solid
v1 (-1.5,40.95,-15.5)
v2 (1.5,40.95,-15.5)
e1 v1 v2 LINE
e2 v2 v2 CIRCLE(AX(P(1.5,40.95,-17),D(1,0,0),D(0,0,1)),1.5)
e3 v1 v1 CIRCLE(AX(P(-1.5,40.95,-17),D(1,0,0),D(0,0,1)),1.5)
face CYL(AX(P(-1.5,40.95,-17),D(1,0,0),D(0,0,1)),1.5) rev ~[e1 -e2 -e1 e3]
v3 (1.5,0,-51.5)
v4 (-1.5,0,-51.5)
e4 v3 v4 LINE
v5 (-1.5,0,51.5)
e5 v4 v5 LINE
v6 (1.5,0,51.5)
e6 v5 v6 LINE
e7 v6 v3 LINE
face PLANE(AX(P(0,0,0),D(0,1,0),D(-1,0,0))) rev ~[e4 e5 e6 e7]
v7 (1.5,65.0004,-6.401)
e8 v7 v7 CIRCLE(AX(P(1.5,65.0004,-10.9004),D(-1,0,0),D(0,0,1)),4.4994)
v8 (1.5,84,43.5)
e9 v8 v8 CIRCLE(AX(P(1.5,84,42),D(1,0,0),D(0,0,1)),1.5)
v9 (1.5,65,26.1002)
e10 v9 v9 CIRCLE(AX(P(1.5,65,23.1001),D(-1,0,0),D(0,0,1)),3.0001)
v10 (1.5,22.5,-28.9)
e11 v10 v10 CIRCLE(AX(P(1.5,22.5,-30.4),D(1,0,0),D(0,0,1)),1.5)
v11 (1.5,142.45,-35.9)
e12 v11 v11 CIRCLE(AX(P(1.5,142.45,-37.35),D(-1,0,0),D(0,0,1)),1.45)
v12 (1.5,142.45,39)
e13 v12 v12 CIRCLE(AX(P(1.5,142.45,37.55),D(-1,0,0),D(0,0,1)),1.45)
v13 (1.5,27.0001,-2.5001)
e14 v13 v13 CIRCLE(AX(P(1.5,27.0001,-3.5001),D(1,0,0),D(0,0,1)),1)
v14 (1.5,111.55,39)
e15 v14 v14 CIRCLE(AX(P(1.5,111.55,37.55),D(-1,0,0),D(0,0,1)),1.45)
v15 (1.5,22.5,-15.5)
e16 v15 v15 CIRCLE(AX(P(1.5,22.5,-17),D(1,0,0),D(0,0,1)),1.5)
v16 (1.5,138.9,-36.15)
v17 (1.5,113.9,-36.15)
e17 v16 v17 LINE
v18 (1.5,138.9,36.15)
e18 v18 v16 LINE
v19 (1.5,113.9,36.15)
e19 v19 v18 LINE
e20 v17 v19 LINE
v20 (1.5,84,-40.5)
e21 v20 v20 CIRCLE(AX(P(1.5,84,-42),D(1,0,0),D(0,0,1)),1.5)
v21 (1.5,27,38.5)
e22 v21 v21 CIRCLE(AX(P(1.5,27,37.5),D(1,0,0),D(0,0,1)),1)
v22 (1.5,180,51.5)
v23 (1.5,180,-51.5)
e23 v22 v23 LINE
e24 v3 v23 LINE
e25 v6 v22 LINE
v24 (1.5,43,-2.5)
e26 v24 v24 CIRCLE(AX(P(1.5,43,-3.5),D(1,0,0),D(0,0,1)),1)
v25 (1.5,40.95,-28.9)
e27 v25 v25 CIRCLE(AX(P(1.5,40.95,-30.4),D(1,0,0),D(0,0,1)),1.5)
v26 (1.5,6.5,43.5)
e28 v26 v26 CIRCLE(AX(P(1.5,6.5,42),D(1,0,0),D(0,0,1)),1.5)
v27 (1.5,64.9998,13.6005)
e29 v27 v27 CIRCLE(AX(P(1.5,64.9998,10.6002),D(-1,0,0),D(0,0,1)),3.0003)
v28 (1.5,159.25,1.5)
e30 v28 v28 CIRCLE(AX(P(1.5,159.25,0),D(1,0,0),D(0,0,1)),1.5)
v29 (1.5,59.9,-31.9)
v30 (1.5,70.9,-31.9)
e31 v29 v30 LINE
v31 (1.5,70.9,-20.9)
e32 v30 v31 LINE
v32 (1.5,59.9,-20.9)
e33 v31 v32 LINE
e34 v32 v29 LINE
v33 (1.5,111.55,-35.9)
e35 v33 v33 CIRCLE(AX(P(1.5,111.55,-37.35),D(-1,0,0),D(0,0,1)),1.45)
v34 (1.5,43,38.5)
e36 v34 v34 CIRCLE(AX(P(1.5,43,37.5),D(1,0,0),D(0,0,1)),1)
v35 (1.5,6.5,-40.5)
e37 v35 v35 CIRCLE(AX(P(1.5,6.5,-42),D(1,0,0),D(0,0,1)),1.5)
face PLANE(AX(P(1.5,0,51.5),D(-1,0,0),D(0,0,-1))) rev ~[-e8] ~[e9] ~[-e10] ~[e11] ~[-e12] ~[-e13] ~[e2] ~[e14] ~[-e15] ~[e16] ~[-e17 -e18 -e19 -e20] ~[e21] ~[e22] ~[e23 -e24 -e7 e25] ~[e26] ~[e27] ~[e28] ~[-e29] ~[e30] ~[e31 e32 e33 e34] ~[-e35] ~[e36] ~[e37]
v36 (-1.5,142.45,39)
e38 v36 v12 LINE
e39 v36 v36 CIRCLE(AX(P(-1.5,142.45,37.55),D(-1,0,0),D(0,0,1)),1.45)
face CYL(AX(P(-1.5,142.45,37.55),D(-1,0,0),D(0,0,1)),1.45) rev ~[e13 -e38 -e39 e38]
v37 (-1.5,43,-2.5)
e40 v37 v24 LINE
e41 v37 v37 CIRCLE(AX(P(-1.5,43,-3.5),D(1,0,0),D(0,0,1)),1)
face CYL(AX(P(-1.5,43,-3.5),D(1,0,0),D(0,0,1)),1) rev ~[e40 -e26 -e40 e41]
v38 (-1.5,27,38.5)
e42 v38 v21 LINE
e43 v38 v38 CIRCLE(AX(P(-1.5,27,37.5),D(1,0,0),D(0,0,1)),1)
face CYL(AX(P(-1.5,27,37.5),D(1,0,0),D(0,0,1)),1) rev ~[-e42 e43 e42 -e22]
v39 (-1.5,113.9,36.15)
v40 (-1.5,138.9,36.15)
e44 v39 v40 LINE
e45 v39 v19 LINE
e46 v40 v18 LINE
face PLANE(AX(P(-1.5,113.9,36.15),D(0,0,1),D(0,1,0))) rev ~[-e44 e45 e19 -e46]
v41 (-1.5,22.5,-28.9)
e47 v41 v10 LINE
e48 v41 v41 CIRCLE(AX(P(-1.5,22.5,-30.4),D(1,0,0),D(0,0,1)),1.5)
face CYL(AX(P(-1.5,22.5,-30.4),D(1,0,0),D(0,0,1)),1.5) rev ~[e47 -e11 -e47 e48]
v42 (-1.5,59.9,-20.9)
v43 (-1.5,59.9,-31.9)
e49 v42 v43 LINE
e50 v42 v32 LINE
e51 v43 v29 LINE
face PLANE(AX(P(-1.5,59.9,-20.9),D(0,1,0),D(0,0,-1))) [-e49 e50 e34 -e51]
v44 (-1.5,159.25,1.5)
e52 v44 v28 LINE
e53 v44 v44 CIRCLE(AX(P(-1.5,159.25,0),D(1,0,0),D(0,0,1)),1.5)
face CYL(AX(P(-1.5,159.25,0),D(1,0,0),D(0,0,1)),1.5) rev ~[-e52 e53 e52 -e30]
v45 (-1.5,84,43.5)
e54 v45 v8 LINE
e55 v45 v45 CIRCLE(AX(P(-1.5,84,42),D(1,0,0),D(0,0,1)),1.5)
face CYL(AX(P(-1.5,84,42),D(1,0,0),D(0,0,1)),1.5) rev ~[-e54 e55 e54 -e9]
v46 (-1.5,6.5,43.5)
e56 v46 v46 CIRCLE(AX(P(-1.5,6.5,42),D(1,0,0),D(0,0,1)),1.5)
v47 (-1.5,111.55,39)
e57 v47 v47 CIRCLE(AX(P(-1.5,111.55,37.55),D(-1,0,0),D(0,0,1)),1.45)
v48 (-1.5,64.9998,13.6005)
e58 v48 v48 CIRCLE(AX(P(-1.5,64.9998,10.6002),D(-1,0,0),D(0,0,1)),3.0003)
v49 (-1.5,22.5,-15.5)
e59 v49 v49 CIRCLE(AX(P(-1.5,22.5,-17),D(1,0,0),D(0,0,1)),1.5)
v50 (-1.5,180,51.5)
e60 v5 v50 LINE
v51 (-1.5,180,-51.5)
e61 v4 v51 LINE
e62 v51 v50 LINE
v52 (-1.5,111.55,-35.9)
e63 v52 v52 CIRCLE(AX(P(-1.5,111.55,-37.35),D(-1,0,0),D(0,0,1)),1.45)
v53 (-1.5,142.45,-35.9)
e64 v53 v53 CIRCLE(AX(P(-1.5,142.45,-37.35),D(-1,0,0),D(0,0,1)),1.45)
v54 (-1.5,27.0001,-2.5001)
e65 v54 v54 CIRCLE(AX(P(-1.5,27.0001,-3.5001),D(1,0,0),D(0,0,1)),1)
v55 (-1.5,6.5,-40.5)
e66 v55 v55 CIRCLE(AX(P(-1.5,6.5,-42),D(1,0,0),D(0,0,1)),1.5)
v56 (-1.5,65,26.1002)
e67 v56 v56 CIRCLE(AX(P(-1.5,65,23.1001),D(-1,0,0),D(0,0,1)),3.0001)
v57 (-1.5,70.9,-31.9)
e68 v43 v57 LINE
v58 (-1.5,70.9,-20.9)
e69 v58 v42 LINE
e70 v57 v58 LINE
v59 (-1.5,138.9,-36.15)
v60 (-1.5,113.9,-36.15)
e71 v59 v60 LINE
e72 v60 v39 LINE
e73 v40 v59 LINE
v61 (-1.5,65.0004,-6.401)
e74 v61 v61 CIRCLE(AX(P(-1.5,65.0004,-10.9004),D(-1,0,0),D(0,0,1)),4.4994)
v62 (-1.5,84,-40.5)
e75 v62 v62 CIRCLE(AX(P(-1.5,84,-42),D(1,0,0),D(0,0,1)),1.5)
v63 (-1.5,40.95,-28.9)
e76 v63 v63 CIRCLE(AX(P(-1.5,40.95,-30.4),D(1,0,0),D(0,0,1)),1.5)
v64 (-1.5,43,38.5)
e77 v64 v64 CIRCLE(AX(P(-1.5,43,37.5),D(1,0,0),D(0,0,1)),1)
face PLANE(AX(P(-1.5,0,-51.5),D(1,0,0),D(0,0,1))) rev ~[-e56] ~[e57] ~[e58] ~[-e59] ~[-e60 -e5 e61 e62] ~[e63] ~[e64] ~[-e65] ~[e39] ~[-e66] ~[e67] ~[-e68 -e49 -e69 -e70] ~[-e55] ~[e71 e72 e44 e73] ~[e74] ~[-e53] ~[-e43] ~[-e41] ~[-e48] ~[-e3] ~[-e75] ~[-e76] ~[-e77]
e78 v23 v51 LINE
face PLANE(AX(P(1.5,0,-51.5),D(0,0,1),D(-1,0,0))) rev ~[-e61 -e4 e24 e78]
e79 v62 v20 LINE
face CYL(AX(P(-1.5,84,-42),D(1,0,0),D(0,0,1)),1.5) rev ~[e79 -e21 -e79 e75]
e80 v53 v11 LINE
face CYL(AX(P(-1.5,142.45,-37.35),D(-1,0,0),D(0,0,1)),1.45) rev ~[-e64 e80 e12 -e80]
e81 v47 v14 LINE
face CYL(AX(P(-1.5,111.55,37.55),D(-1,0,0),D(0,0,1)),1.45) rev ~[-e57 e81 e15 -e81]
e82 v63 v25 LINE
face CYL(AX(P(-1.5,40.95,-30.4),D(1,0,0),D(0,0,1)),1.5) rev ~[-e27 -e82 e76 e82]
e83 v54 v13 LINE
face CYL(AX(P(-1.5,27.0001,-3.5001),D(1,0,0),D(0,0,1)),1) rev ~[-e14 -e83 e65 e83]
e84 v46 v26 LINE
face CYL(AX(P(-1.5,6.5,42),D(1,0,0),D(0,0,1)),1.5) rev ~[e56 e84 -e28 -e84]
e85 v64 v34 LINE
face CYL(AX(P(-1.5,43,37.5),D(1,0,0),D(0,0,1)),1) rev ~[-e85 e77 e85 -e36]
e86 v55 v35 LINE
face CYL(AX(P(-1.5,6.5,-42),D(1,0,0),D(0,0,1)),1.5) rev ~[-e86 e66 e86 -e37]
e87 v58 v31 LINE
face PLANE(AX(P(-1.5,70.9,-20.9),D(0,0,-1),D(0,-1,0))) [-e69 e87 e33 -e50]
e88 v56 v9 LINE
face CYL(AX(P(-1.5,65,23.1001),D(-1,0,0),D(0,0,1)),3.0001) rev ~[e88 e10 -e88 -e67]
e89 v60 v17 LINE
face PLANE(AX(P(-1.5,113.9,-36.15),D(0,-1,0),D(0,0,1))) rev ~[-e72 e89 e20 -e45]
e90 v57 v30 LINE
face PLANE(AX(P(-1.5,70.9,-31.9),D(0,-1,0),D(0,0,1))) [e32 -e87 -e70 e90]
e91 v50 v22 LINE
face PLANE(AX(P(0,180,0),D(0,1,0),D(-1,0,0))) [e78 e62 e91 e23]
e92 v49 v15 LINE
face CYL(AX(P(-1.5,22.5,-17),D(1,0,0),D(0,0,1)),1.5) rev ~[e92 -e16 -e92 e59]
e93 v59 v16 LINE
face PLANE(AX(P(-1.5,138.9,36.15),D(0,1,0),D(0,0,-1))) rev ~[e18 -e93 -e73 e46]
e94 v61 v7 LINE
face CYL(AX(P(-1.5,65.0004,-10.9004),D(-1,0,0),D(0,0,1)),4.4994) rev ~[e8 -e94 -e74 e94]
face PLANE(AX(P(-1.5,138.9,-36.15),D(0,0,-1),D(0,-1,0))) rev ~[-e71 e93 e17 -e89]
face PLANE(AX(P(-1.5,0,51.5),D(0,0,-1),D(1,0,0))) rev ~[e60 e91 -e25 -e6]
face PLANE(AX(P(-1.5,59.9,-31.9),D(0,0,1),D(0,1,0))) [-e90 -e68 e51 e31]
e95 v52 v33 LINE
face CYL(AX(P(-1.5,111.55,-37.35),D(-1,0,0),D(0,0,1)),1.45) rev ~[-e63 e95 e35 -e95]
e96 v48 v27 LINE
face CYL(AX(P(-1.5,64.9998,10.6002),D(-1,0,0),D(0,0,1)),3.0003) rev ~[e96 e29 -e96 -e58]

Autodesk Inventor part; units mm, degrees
ref_plane "YZ Plane" through (0, 0, 0) normal (1, 0, 0) x (0, 1, 0)
ref_plane "XZ Plane" through (0, 0, 0) normal (0, 1, 0) x (-1, 0, 0)
ref_plane "XY Plane" through (0, 0, 0) normal (0, 0, 1) x (1, 0, 0)
sketch "Boceto1" plane through (0, 0, 0) normal (0, 1, 0) x (-1, 0, 0)
  line L0 (-1.5, -51.5) -> (1.5, -51.5)
  line L1 (1.5, -51.5) -> (1.5, 51.5)
  line L2 (1.5, 51.5) -> (-1.5, 51.5)
  line L3 (-1.5, 51.5) -> (-1.5, -51.5)
  line L4 (-1.5, -51.5) -> (1.5, 51.5) construction
  line L5 (1.5, -51.5) -> (-1.5, 51.5) construction
  point P0 (0, 0)
  dimension "d0" = 3
  dimension "d1" = 103
extrude "Extrusión1" add sketch "Boceto1" along normal blind 180
sketch "Boceto2" plane through (-1.5, 0, -51.5) normal (-1, 0, 0) x (0, 0, 1)
  line L0 (3, 148.5) -> (100, 148.5) projected
  line L1 (9.3714, 170) -> (39, 160.0424) projected
  line L2 (9.3714, 170) -> (93.6286, 170) projected
  line L3 (51.5, 148.5) -> (51.5, 170)
  circle A0 centre (51.5, 159.25) radius 1.5
  circle A1 centre (93.5, 84) radius 1.5 projected
  circle A2 centre (9.5, 84) radius 1.5 projected
  circle A3 centre (93.5, 6.5) radius 1.25 projected
  circle A4 centre (9.5, 6.5) radius 1.25 projected
  line L4 (3, 0) -> (16, 0) projected
  line L5 (16, 0) -> (16, 13) projected
  line L6 (3, 13) -> (16, 13) projected
  line L7 (3, 0) -> (3, 13) projected
  circle A5 centre (9.5, 6.5) radius 1.25 projected
  point P0 (51.5, 0)
  dimension "d4" = 3
hole "Agujero1" at (-1.5, 159.25, 0) at (-1.5, 6.5, -42) at (-1.5, 84, -42) at (-1.5, 84, 42) at (-1.5, 6.5, 42) direction (1, 0, 0) diameter 3 depth 5 tip angle 118
sketch "Boceto3" plane through (-1.5, 0, -51.5) normal (-1, 0, 0) x (0, 0, 1)
  circle A0 centre (13.05, 20.58) radius 3.1754 projected
  circle A1 centre (13.05, 47.42) radius 3.1754 projected
  circle A2 centre (42.45, 20.58) radius 3.1754 projected
  circle A3 centre (42.45, 47.42) radius 3.1754 projected
  line L0 (20.6, 69.9) -> (29.6, 69.9) projected
  line L1 (20.6, 69.9) -> (20.6, 60.9) projected
  line L2 (20.6, 60.9) -> (29.6, 60.9) projected
  line L3 (29.6, 60.9) -> (29.6, 69.9) projected
  circle A4 centre (40.5996, 65.0004) radius 3.4994 projected
  circle A5 centre (62.1002, 64.9998) radius 2.0003 projected
  circle A6 centre (74.6001, 65) radius 2.0001 projected
  circle A7 centre (53, 27) radius 0.75 projected
  circle A8 centre (55.5, 43) radius 1 projected
  circle A9 centre (91.5, 27) radius 1 projected
  circle A10 centre (94.0001, 27) radius 0.7499 projected
  circle A11 centre (93.9999, 43.0001) radius 0.7499 projected
  circle A12 centre (89.575, 56.025) radius 1.0751 projected
  circle A13 centre (89.5749, 71.975) radius 1.0749 projected
  circle A14 centre (13.6251, 71.975) radius 1.0751 projected
  circle A15 centre (13.625, 56.0251) radius 1.0749 projected
  circle A16 centre (53, 43) radius 0.75 projected
  line L4 (30.1, 70.4) -> (20.1, 70.4)
  line L5 (20.1, 70.4) -> (20.1, 60.4)
  line L6 (20.1, 60.4) -> (30.1, 60.4)
  line L7 (30.1, 60.4) -> (30.1, 70.4)
  circle A17 centre (40.5996, 65.0004) radius 4.4994
  circle A18 centre (62.1002, 64.9998) radius 3.0003
  circle A19 centre (74.6001, 65) radius 3.0001
  line L8 (19.6, 59.9) -> (19.6, 70.9)
  line L9 (19.6, 70.9) -> (30.6, 70.9)
  line L10 (30.6, 70.9) -> (30.6, 59.9)
  line L11 (30.6, 59.9) -> (19.6, 59.9)
  line L12 (15.85, 138.4) -> (15.85, 114.4) projected
  line L13 (87.15, 138.4) -> (15.85, 138.4) projected
  line L14 (15.85, 114.4) -> (87.15, 114.4) projected
  line L15 (87.15, 114.4) -> (87.15, 138.4) projected
  circle A20 centre (14.15, 142.45) radius 1.45 projected
  circle A21 centre (14.15, 111.55) radius 1.45 projected
  circle A22 centre (89.05, 111.55) radius 1.45 projected
  circle A23 centre (89.05, 142.45) radius 1.45 projected
  line L16 (15.35, 138.9) -> (15.35, 113.9)
  line L17 (15.35, 113.9) -> (87.65, 113.9)
  line L18 (87.65, 113.9) -> (87.65, 138.9)
  line L19 (87.65, 138.9) -> (15.35, 138.9)
  circle A24 centre (42.45, 47.42) radius 1.5
  circle A25 centre (13.05, 47.42) radius 1.5
  circle A26 centre (13.05, 20.58) radius 1.5
  circle A27 centre (42.45, 20.58) radius 1.5
  circle A28 centre (14.15, 111.55) radius 1.5
  point P0 (51.5, 0)
  dimension "d12" = 0.5
  dimension "d13" = 1
  dimension "d14" = 1
  dimension "d15" = 1
  dimension "d16" = 0.5
  dimension "d17" = 0.5
  dimension "d18" = 3
  dimension "d19" = 3
  dimension "d20" = 3
  dimension "d21" = 3
  dimension "d22" = 3
extrude "Extrusión2" cut sketch "Boceto3" against normal through all contours L0 L3 L2 L1 | A4 | A5 | A6 | L7 L6 L5 L4 | A17 | A18 | A19 | L8 L9 L10 L11 | L13 L15 L14 L12 | A20 | A21 | A22 | A23 | L19 L18 L17 L16
hole "Agujero2" at (-1.5, 43, -3.5) at (-1.5, 27.0001, -3.5001) at (-1.5, 27, 37.5) at (-1.5, 43, 37.5) direction (1, 0, 0) diameter 2 end through all
sketch "Boceto5" plane through (-1.5, 0, -51.5) normal (-1, 0, 0) x (0, 0, 1)
  circle A0 centre (21.1, 22.5) radius 1.5 projected
  circle A1 centre (21.1, 40.95) radius 1.5 projected
  circle A2 centre (34.5, 40.95) radius 1.5 projected
  circle A3 centre (34.5, 22.5) radius 1.5 projected
  point P0 (51.5, 0)
hole "Agujero3" at (-1.5, 40.95, -17) at (-1.5, 40.95, -30.4) at (-1.5, 22.5, -30.4) at (-1.5, 22.5, -17) direction (1, 0, 0) diameter 3 end through all
properties part number "Panel1"
